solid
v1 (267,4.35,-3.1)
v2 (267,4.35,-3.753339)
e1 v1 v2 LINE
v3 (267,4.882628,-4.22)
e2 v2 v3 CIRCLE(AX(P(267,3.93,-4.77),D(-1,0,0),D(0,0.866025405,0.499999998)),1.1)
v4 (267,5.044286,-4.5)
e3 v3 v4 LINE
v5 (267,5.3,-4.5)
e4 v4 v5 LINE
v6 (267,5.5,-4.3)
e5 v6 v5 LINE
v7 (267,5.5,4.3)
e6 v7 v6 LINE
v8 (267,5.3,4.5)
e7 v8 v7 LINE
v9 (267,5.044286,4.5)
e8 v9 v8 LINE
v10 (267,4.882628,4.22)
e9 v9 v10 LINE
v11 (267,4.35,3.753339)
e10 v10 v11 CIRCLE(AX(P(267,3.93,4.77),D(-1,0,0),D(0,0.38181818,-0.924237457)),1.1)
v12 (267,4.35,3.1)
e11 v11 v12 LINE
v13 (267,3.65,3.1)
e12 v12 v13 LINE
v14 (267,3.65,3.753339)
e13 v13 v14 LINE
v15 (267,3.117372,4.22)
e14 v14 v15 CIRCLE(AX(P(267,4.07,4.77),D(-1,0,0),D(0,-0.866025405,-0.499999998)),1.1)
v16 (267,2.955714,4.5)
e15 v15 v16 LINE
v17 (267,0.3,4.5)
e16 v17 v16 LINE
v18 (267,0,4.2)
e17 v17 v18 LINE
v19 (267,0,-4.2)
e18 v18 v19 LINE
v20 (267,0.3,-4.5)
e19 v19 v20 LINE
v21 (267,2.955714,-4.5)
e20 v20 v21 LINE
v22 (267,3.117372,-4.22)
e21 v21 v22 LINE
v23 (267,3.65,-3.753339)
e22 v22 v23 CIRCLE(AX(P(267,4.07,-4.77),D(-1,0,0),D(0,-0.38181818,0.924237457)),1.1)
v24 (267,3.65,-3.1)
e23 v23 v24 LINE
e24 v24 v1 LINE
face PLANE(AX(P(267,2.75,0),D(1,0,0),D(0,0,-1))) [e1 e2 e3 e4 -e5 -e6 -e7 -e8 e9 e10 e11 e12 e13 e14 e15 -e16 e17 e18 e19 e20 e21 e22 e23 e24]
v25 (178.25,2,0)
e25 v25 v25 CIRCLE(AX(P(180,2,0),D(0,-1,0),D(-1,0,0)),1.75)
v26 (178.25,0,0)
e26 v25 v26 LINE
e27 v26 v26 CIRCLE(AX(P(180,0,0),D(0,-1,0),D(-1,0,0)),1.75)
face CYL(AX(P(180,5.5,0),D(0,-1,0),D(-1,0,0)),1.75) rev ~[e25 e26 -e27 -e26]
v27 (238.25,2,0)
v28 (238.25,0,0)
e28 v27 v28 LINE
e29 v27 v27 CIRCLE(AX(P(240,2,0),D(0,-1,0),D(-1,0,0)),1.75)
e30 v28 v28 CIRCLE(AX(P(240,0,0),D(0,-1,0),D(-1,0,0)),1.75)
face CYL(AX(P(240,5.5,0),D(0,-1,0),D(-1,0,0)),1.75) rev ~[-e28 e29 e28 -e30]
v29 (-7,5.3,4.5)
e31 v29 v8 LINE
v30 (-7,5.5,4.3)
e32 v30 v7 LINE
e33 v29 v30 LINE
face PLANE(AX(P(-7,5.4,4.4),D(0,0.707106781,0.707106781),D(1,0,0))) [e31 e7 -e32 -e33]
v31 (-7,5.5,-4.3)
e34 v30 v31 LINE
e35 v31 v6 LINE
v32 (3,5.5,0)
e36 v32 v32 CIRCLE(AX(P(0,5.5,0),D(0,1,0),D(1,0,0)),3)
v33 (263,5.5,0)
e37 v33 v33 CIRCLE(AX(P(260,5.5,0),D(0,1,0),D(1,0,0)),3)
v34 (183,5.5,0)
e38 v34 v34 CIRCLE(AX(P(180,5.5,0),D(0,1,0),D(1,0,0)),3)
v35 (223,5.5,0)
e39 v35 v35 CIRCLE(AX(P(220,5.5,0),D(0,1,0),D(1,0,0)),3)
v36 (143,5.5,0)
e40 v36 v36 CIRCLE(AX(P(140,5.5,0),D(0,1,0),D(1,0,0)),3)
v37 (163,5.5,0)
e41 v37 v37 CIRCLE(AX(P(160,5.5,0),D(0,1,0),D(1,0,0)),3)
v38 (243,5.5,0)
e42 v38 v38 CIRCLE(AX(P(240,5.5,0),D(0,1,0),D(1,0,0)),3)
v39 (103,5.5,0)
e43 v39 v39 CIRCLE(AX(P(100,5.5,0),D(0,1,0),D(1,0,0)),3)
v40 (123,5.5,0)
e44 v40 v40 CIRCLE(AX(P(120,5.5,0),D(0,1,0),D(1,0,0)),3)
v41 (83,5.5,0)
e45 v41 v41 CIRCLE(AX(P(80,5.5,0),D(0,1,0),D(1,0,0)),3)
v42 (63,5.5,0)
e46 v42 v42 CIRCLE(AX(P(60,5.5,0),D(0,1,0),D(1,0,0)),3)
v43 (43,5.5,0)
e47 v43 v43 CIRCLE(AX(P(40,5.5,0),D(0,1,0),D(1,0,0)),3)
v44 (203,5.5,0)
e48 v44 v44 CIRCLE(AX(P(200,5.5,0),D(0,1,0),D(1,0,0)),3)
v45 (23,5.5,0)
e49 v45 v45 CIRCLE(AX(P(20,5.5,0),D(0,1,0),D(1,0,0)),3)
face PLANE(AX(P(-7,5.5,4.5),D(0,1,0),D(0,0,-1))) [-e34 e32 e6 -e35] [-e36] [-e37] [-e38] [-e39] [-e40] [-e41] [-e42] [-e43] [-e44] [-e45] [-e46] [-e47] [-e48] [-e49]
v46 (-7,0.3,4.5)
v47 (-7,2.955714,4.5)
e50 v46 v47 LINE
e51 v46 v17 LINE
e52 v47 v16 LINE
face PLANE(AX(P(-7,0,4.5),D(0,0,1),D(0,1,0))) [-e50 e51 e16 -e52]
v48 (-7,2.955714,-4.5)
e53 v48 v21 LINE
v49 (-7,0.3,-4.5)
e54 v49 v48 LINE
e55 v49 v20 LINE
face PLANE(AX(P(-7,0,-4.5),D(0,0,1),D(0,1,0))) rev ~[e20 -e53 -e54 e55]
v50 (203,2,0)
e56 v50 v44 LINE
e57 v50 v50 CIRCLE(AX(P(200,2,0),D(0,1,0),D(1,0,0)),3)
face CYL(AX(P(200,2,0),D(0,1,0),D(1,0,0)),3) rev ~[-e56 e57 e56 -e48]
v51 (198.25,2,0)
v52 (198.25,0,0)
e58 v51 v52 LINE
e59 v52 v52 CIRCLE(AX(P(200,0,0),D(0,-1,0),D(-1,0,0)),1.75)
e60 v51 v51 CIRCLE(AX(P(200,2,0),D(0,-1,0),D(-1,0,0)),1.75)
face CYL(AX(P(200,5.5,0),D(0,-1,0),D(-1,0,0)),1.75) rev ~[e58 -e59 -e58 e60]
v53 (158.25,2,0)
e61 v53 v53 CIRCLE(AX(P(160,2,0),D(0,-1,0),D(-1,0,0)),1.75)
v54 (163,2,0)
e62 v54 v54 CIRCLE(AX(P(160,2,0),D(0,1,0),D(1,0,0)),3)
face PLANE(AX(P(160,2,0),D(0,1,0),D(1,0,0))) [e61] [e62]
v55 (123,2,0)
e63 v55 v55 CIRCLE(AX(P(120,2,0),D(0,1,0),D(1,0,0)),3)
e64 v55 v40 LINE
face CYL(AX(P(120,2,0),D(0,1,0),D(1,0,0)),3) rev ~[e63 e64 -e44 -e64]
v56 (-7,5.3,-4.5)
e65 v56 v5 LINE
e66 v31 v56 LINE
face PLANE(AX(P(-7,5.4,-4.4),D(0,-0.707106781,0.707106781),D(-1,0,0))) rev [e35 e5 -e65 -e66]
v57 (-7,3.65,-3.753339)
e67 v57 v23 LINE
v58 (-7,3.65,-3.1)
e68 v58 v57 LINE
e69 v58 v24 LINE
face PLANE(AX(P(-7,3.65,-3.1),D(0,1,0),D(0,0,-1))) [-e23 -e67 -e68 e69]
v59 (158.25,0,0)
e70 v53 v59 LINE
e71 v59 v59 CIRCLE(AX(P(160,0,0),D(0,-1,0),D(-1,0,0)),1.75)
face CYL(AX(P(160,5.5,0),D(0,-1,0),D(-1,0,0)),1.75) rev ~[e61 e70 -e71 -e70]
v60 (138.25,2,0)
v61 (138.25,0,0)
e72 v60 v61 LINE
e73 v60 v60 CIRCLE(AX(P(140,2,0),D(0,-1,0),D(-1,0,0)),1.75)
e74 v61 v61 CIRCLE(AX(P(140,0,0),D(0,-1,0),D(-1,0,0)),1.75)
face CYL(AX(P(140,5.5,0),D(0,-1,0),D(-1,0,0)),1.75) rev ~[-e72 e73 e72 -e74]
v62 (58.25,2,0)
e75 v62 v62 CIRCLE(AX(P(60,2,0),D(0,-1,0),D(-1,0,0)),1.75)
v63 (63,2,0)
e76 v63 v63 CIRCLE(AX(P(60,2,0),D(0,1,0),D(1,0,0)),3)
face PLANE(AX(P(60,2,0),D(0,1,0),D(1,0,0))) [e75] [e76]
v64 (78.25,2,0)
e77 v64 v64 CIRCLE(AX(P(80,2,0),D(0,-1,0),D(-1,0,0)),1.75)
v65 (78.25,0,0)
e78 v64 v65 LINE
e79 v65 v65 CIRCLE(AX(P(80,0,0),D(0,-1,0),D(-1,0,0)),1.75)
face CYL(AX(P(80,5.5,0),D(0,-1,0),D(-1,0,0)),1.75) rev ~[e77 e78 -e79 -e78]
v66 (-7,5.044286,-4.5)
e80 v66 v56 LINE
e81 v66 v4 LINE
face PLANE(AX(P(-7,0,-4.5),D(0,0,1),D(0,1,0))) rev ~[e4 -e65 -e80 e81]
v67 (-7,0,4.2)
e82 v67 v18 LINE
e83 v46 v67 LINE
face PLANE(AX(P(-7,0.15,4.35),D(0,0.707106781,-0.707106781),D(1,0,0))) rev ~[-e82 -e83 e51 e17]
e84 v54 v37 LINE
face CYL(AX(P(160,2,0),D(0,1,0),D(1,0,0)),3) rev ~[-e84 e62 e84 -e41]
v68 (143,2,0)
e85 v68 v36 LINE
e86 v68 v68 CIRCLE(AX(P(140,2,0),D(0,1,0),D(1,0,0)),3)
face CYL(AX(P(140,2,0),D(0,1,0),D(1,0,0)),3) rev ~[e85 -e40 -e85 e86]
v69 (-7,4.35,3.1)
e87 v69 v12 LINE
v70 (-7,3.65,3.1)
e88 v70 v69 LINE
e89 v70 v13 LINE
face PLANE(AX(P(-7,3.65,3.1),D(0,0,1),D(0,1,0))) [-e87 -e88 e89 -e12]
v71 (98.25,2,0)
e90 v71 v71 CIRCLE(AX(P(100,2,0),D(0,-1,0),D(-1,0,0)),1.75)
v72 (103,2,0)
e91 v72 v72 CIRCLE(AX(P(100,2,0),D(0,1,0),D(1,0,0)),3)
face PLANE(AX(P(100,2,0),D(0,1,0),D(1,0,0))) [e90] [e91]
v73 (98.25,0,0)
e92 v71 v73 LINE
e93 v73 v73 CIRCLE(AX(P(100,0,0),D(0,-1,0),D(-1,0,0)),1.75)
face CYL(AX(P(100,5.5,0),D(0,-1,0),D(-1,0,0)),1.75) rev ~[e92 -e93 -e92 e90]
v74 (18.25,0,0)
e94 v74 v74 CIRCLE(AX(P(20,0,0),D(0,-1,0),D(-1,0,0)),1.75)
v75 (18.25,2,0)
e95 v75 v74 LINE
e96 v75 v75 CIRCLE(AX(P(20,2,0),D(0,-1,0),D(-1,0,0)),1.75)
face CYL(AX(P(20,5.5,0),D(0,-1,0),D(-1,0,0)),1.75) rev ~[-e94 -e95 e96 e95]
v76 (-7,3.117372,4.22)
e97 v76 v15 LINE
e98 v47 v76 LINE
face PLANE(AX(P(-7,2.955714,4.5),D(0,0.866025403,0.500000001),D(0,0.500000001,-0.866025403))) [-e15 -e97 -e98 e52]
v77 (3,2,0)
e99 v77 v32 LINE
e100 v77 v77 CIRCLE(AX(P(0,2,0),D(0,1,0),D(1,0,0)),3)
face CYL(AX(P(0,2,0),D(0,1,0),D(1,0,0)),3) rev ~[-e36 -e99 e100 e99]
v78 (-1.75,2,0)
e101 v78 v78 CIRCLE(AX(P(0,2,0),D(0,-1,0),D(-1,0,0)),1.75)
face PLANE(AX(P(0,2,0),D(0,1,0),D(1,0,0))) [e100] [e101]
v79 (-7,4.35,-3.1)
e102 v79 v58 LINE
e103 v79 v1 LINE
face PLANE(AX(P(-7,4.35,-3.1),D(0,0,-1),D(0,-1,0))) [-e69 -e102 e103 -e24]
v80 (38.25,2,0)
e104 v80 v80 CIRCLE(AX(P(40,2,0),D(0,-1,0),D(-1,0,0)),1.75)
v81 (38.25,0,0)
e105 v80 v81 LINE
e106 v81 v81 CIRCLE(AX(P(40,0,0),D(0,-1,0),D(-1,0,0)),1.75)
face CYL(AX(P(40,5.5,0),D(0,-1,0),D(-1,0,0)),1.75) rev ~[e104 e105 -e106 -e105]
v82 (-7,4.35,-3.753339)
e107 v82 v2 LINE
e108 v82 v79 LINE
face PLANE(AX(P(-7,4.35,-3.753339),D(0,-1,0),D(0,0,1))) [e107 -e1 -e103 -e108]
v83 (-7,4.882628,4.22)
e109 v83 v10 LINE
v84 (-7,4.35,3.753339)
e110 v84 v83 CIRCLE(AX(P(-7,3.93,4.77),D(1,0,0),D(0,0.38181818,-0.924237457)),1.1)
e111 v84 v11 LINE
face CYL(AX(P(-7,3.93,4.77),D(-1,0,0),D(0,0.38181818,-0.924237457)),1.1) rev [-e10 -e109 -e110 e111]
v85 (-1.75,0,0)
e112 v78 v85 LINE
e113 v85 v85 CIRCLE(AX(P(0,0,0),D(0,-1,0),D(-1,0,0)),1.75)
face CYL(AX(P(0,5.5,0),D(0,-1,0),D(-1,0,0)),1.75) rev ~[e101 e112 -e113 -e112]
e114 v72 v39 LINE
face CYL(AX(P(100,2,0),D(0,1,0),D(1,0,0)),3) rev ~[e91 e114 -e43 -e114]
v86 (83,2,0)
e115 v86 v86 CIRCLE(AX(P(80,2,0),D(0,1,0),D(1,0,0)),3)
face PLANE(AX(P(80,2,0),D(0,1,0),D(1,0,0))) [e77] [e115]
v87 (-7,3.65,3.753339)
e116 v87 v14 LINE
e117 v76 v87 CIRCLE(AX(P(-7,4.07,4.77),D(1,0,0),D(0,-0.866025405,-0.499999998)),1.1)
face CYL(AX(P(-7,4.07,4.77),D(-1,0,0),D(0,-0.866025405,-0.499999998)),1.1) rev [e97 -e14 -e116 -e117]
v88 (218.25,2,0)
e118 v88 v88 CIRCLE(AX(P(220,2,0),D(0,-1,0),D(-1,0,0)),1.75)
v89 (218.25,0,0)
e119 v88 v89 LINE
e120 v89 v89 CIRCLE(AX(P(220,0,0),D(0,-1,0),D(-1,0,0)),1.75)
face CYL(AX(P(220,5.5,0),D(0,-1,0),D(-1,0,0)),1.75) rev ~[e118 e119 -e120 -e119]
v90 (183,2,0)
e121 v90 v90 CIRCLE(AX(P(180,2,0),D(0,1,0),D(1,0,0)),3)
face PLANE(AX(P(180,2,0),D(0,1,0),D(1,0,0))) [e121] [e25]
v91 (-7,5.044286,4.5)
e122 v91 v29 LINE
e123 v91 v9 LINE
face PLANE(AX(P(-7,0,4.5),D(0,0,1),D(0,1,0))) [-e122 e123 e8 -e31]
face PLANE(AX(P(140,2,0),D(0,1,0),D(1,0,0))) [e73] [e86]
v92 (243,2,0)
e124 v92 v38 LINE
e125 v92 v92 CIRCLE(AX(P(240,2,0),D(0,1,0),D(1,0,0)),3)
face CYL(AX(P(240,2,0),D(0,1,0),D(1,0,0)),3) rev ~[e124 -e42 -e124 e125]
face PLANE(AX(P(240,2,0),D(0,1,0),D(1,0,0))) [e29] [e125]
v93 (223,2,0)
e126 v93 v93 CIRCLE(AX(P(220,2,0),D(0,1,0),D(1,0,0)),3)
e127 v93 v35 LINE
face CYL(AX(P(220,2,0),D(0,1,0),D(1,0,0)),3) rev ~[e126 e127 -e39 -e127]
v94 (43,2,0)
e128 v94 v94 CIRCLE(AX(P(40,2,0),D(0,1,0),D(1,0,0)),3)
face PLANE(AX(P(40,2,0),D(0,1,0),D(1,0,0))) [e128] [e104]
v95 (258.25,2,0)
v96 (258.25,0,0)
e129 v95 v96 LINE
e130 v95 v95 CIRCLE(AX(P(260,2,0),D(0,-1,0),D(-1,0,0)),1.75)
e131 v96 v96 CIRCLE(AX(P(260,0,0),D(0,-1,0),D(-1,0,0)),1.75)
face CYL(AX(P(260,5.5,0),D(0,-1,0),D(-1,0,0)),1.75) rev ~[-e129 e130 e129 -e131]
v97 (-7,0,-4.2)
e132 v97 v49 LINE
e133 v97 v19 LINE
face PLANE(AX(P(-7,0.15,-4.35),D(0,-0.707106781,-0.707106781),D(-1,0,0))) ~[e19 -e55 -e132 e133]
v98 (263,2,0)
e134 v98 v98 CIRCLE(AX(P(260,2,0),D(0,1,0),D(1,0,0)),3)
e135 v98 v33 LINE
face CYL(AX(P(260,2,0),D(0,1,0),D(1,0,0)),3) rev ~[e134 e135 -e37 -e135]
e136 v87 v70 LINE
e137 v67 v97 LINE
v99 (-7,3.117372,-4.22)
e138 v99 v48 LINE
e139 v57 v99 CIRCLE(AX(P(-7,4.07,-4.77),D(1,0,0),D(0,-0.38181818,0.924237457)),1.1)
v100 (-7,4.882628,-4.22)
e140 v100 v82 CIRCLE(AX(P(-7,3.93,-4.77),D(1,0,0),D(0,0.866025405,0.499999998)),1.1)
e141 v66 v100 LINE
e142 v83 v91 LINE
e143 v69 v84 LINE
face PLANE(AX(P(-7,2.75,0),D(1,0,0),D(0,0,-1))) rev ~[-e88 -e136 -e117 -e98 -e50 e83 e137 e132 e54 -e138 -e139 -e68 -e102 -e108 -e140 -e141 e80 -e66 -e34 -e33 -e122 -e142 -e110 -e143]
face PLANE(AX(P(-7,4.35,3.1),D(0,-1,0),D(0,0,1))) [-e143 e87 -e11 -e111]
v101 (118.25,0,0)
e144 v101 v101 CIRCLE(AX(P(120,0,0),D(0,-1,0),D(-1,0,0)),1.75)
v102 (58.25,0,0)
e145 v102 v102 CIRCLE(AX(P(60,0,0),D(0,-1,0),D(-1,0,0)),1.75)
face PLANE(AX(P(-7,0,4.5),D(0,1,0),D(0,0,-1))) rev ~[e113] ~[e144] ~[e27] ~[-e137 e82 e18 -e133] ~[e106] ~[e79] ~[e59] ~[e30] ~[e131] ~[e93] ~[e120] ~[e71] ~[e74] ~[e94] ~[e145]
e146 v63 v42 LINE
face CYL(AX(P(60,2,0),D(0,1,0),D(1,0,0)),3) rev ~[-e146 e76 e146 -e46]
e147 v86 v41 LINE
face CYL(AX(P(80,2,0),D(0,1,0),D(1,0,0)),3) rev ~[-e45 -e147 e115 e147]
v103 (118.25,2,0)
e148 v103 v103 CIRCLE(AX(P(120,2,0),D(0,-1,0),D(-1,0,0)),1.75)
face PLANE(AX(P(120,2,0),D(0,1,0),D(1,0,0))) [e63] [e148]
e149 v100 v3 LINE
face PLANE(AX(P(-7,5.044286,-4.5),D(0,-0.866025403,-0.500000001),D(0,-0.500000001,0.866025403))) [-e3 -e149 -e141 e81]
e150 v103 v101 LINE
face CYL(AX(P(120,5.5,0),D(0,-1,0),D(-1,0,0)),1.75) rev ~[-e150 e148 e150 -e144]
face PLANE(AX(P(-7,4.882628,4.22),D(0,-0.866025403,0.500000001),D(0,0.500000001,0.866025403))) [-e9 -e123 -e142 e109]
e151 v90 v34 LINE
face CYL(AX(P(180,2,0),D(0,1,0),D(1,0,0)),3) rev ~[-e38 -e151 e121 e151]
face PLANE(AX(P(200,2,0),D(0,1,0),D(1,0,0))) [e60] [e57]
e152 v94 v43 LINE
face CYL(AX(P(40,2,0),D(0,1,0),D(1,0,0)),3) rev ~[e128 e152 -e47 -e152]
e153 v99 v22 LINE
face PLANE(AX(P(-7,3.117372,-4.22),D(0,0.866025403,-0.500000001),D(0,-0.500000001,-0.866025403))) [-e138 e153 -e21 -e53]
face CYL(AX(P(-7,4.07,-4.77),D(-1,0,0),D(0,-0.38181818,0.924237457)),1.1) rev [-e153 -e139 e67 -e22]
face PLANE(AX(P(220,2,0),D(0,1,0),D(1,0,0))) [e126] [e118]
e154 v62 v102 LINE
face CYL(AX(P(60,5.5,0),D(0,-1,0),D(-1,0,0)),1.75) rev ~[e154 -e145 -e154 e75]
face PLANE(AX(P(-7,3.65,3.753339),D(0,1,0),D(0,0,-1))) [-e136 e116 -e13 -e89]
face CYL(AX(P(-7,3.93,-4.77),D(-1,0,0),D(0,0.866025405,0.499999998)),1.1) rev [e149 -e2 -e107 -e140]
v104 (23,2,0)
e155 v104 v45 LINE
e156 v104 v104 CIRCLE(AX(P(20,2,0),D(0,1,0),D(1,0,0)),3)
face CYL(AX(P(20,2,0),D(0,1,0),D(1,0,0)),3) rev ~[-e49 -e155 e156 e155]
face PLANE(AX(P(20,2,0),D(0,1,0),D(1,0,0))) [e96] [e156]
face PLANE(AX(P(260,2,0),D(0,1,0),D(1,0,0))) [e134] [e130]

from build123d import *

# Parameters (mm, degrees)
SKETCH1_W                                    = 9
SKETCH1_H                                    = 5.5
BOSS_EXTRUDE1_DEPTH                          = 274
CUT_EXTRUDE2_DEPTH                           = 275
CBORE_FOR_SOCKET_HEAD_CAP_SCREW1_D           = 3.5
CBORE_FOR_SOCKET_HEAD_CAP_SCREW1_CBORE_D     = 6
CBORE_FOR_SOCKET_HEAD_CAP_SCREW1_CBORE_DEPTH = 3.5
LPATTERN1_COUNT                              = 14
LPATTERN1_PITCH                              = 20
CHAMFER1_SIZE                                = 0.2
CHAMFER2_SIZE                                = 0.3


with BuildPart() as part:
    # Sketch1 → Boss-Extrude1 (new body)
    with BuildSketch(Plane(origin=(-7, 0, 0), x_dir=(0, 0, -1), z_dir=(1, 0, 0))):
        with Locations((0, 2.75)):
            Rectangle(SKETCH1_W, SKETCH1_H)
    extrude(amount=BOSS_EXTRUDE1_DEPTH)

    # Sketch3 → Cut-Extrude2 (cut, through all)
    with BuildSketch(Plane(origin=(-7, 0, 0), x_dir=(0, 0, -1), z_dir=(1, 0, 0))):
        with BuildLine():
            Line((4.5, 5.04428602), (4.22, 4.882627944))
            ThreePointArc((4.22, 4.882627944), (3.942636741, 4.654893122), (3.753338798, 4.35))
            Line((3.753338798, 4.35), (3.1, 4.35))
            Line((3.1, 4.35), (3.1, 3.65))
            Line((3.1, 3.65), (3.753338798, 3.65))
            ThreePointArc((3.753338798, 3.65), (3.942636741, 3.345106878), (4.22, 3.117372056))
            Line((4.22, 3.117372056), (4.5, 2.95571398))
            Line((4.5, 2.95571398), (4.5, 5.04428602))
        make_face()
        with BuildLine():
            Line((-4.5, 5.04428602), (-4.5, 2.95571398))
            Line((-4.5, 2.95571398), (-4.22, 3.117372056))
            ThreePointArc((-4.22, 3.117372056), (-3.942636741, 3.345106878), (-3.753338798, 3.65))
            Line((-3.753338798, 3.65), (-3.1, 3.65))
            Line((-3.1, 3.65), (-3.1, 4.35))
            Line((-3.1, 4.35), (-3.753338798, 4.35))
            ThreePointArc((-3.753338798, 4.35), (-3.942636741, 4.654893122), (-4.22, 4.882627944))
            Line((-4.22, 4.882627944), (-4.5, 5.04428602))
        make_face()
    extrude(amount=CUT_EXTRUDE2_DEPTH, mode=Mode.SUBTRACT)

    # CBORE for Socket Head Cap Screw1 (through all)
    with Locations(Plane(origin=(0, 5.5, 0), x_dir=(1, 0, 0), z_dir=(0, 1, 0))):
        with Locations((0, 0)):
            cbore_for_socket_head_cap_screw1 = CounterBoreHole(CBORE_FOR_SOCKET_HEAD_CAP_SCREW1_D / 2, CBORE_FOR_SOCKET_HEAD_CAP_SCREW1_CBORE_D / 2, CBORE_FOR_SOCKET_HEAD_CAP_SCREW1_CBORE_DEPTH)

    # LPattern1: CBORE for Socket Head Cap Screw1 ×14
    with Locations(*[(i * LPATTERN1_PITCH, 0, 0) for i in range(1, LPATTERN1_COUNT)]):
        add(cbore_for_socket_head_cap_screw1, mode=Mode.SUBTRACT)

    # Chamfer1
    chamfer1_edges = [part.edges().sort_by_distance(p)[0] for p in [
        (130, 5.5, 4.5),
        (130, 5.5, -4.5),
    ]]
    chamfer(chamfer1_edges, length=CHAMFER1_SIZE)

    # Chamfer2
    chamfer2_edges = [part.edges().sort_by_distance(p)[0] for p in [
        (130, 0, -4.5),
        (130, 0, 4.5),
    ]]
    chamfer(chamfer2_edges, length=CHAMFER2_SIZE)


solid = part.part
